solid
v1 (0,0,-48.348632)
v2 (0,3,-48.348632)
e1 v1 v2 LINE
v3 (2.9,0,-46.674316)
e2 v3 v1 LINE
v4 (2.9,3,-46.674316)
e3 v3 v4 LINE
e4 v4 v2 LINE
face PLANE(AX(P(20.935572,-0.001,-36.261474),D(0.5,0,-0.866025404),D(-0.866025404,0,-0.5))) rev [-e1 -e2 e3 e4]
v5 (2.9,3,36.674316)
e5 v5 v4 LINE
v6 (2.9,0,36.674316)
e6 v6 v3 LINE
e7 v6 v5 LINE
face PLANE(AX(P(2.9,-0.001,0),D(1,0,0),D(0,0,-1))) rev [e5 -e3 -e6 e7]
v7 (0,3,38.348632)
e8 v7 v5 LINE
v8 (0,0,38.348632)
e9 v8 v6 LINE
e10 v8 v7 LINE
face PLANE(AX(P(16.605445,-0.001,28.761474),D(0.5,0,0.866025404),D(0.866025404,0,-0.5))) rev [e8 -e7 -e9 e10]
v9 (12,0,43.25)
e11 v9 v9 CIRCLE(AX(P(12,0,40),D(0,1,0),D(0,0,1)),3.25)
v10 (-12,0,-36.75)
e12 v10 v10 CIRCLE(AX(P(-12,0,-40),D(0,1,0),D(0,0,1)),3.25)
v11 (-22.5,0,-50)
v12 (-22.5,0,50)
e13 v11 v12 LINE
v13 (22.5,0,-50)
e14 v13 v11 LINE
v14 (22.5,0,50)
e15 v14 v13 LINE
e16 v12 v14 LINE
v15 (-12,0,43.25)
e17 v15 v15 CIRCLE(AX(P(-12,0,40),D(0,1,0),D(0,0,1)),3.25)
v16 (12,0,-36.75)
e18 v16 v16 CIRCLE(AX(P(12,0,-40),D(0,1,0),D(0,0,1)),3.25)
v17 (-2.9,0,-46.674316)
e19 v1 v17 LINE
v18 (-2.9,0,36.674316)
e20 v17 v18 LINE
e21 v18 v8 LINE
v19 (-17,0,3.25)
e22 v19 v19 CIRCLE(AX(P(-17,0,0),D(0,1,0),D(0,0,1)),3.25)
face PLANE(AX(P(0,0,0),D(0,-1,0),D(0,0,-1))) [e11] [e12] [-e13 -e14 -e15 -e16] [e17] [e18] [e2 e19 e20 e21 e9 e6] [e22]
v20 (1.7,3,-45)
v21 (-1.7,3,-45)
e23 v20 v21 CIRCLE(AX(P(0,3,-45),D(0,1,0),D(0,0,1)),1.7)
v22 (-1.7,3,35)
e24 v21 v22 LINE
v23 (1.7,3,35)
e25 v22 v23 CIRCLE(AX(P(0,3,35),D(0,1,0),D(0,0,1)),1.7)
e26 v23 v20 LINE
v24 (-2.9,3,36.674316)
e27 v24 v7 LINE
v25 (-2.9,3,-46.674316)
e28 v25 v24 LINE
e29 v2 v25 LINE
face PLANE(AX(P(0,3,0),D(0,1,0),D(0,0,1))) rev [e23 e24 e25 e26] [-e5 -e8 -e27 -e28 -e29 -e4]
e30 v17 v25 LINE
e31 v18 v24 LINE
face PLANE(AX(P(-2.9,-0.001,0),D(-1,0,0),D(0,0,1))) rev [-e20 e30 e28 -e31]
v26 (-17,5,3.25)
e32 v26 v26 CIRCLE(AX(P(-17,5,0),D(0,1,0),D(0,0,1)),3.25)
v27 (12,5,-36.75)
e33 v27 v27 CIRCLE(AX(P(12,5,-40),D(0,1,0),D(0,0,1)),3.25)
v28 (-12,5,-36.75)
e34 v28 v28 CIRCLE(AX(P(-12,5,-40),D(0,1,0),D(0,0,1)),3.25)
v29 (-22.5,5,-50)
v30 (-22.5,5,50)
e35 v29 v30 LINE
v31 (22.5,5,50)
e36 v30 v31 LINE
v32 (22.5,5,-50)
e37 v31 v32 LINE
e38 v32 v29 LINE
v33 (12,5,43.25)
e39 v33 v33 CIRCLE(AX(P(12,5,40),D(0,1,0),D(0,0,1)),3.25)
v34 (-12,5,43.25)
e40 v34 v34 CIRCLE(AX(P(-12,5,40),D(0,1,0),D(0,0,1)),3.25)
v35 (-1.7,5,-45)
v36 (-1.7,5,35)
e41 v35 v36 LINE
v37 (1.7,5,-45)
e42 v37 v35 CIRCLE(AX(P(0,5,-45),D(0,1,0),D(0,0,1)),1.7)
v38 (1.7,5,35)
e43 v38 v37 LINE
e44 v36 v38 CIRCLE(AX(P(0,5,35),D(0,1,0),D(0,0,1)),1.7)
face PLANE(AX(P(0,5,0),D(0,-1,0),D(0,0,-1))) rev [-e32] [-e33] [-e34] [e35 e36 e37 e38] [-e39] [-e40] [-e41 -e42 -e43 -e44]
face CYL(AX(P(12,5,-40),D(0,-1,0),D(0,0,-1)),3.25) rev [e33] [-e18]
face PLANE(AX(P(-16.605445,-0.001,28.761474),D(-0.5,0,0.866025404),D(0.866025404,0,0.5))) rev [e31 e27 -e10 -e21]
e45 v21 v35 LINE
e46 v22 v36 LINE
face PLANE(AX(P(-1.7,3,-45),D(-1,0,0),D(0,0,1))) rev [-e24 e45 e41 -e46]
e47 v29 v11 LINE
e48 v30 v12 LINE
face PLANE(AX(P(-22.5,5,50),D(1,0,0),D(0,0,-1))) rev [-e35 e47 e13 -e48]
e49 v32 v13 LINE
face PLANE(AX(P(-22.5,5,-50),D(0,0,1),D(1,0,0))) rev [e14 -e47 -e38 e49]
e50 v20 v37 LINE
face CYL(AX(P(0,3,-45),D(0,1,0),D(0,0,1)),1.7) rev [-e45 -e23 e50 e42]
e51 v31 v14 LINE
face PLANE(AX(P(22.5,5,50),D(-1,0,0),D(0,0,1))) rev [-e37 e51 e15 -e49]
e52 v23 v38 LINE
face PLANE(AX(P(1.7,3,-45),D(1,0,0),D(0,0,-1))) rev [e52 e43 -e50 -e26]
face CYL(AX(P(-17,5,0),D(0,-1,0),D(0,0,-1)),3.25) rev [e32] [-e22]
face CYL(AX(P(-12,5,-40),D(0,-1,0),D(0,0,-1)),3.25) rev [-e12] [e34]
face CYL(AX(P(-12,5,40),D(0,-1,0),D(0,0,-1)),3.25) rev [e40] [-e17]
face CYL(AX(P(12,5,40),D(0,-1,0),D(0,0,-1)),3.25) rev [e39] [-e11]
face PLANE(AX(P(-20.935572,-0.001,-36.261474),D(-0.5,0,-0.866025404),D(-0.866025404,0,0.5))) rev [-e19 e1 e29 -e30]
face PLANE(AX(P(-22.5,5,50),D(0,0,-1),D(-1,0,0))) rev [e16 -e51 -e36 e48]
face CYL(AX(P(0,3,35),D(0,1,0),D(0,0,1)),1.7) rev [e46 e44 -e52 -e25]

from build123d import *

# Parameters (mm, degrees)
SKETCH1_W           = 45
SKETCH1_H           = 100
SKETCH1_R           = 3.25
BOSS_EXTRUDE1_DEPTH = 5
CUT_EXTRUDE1_DEPTH  = 2
CUT_EXTRUDE2_REACH  = 56.911


with BuildPart() as part:
    # Sketch1 → Boss-Extrude1 (new body)
    with BuildSketch(Plane(origin=(0, 0, 0), x_dir=(1, 0, 0), z_dir=(0, 1, 0))):
        Rectangle(SKETCH1_W, SKETCH1_H)
        with Locations(Location((-12, 40, 0), (0, 0, 270))):
            Circle(SKETCH1_R, mode=Mode.SUBTRACT)
        with Locations(Location((12, 40, 0), (0, 0, 270))):
            Circle(SKETCH1_R, mode=Mode.SUBTRACT)
        with Locations(Location((12, -40, 0), (0, 0, 270))):
            Circle(SKETCH1_R, mode=Mode.SUBTRACT)
        with Locations(Location((-12, -40, 0), (0, 0, 270))):
            Circle(SKETCH1_R, mode=Mode.SUBTRACT)
        with Locations(Location((-17, 0, 0), (0, 0, 270))):
            Circle(SKETCH1_R, mode=Mode.SUBTRACT)
    extrude(amount=BOSS_EXTRUDE1_DEPTH)

    # Sketch2 → Cut-Extrude1 (cut)
    with BuildSketch(Plane(origin=(0, 5, 0), x_dir=(1, 0, 0), z_dir=(0, 1, 0))):
        with BuildLine():
            Line((1.7, 45), (1.7, -35))
            ThreePointArc((1.7, -35), (0, -36.7), (-1.7, -35))
            Line((-1.7, -35), (-1.7, 45))
            ThreePointArc((-1.7, 45), (0, 46.7), (1.7, 45))
        make_face()
    extrude(amount=-CUT_EXTRUDE1_DEPTH, mode=Mode.SUBTRACT)

    # Sketch3 → Cut-Extrude2 (cut, up to next)
    with BuildSketch(Plane(origin=(0, 3, 0), x_dir=(1, 0, 0), z_dir=(0, 1, 0)), mode=Mode.PRIVATE) as cut_extrude2_sk1:
        with BuildLine():
            Line((0, 41.651368439), (1.7, 42.632863896))
            Line((1.7, 42.632863896), (1.7, 45))
            ThreePointArc((1.7, 45), (0, 46.7), (-1.7, 45))
            Line((-1.7, 45), (-1.7, 42.632863896))
            Line((-1.7, 42.632863896), (0, 41.651368439))
        make_face()
    cut_extrude2_tool1 = extrude(cut_extrude2_sk1.sketch, amount=-CUT_EXTRUDE2_REACH, mode=Mode.PRIVATE) & part.part
    # Sketch3 → Cut-Extrude2 (cut, up to next)
    with BuildSketch(Plane(origin=(0, 3, 0), x_dir=(1, 0, 0), z_dir=(0, 1, 0)), mode=Mode.PRIVATE) as cut_extrude2_sk2:
        Polygon((1.7, -32.632863896), (1.7, 42.632863896), (0, 41.651368439), (-1.7, 42.632863896), (-1.7, -32.632863896), (0, -31.651368439), align=None)
    cut_extrude2_tool2 = extrude(cut_extrude2_sk2.sketch, amount=-CUT_EXTRUDE2_REACH, mode=Mode.PRIVATE) & part.part
    # Sketch3 → Cut-Extrude2 (cut, up to next)
    with BuildSketch(Plane(origin=(0, 3, 0), x_dir=(1, 0, 0), z_dir=(0, 1, 0)), mode=Mode.PRIVATE) as cut_extrude2_sk3:
        with BuildLine():
            Line((1.7, -35), (1.7, -32.632863896))
            Line((1.7, -32.632863896), (0, -31.651368439))
            Line((0, -31.651368439), (-1.7, -32.632863896))
            Line((-1.7, -32.632863896), (-1.7, -35))
            ThreePointArc((-1.7, -35), (0, -36.7), (1.7, -35))
        make_face()
    cut_extrude2_tool3 = extrude(cut_extrude2_sk3.sketch, amount=-CUT_EXTRUDE2_REACH, mode=Mode.PRIVATE) & part.part
    # Sketch3 → Cut-Extrude2 (cut, up to next)
    with BuildSketch(Plane(origin=(0, 3, 0), x_dir=(1, 0, 0), z_dir=(0, 1, 0)), mode=Mode.PRIVATE) as cut_extrude2_sk4:
        Polygon((-1.7, -32.632863896), (-1.7, 42.632863896), (-2.9, 43.325684219), (-2.9, -33.325684219), align=None)
    cut_extrude2_tool4 = extrude(cut_extrude2_sk4.sketch, amount=-CUT_EXTRUDE2_REACH, mode=Mode.PRIVATE) & part.part
    # Sketch3 → Cut-Extrude2 (cut, up to next)
    with BuildSketch(Plane(origin=(0, 3, 0), x_dir=(1, 0, 0), z_dir=(0, 1, 0)), mode=Mode.PRIVATE) as cut_extrude2_sk5:
        Polygon((2.9, -33.325684219), (2.9, 43.325684219), (1.7, 42.632863896), (1.7, -32.632863896), align=None)
    cut_extrude2_tool5 = extrude(cut_extrude2_sk5.sketch, amount=-CUT_EXTRUDE2_REACH, mode=Mode.PRIVATE) & part.part
    # Sketch3 → Cut-Extrude2 (cut, up to next)
    with BuildSketch(Plane(origin=(0, 3, 0), x_dir=(1, 0, 0), z_dir=(0, 1, 0)), mode=Mode.PRIVATE) as cut_extrude2_sk6:
        with BuildLine():
            Line((1.7, 42.632863896), (2.9, 43.325684219))
            Line((2.9, 43.325684219), (2.9, 46.674315781))
            Line((2.9, 46.674315781), (0, 48.348631561))
            Line((0, 48.348631561), (-2.9, 46.674315781))
            Line((-2.9, 46.674315781), (-2.9, 43.325684219))
            Line((-2.9, 43.325684219), (-1.7, 42.632863896))
            Line((-1.7, 42.632863896), (-1.7, 45))
            ThreePointArc((-1.7, 45), (0, 46.7), (1.7, 45))
            Line((1.7, 45), (1.7, 42.632863896))
        make_face()
    cut_extrude2_tool6 = extrude(cut_extrude2_sk6.sketch, amount=-CUT_EXTRUDE2_REACH, mode=Mode.PRIVATE) & part.part
    # Sketch3 → Cut-Extrude2 (cut, up to next)
    with BuildSketch(Plane(origin=(0, 3, 0), x_dir=(1, 0, 0), z_dir=(0, 1, 0)), mode=Mode.PRIVATE) as cut_extrude2_sk7:
        with BuildLine():
            Line((2.9, -36.674315781), (2.9, -33.325684219))
            Line((2.9, -33.325684219), (1.7, -32.632863896))
            Line((1.7, -32.632863896), (1.7, -35))
            ThreePointArc((1.7, -35), (0, -36.7), (-1.7, -35))
            Line((-1.7, -35), (-1.7, -32.632863896))
            Line((-1.7, -32.632863896), (-2.9, -33.325684219))
            Line((-2.9, -33.325684219), (-2.9, -36.674315781))
            Line((-2.9, -36.674315781), (0, -38.348631561))
            Line((0, -38.348631561), (2.9, -36.674315781))
        make_face()
    cut_extrude2_tool7 = extrude(cut_extrude2_sk7.sketch, amount=-CUT_EXTRUDE2_REACH, mode=Mode.PRIVATE) & part.part
    add(cut_extrude2_tool1.solids().sort_by_distance((0, 3, -44.246241))[0], mode=Mode.SUBTRACT)
    add(cut_extrude2_tool2.solids().sort_by_distance((0, 3, -5))[0], mode=Mode.SUBTRACT)
    add(cut_extrude2_tool3.solids().sort_by_distance((0, 3, 34.246241))[0], mode=Mode.SUBTRACT)
    add(cut_extrude2_tool4.solids().sort_by_distance((-2.301824, 3, -5))[0], mode=Mode.SUBTRACT)
    add(cut_extrude2_tool5.solids().sort_by_distance((2.301824, 3, -5))[0], mode=Mode.SUBTRACT)
    add(cut_extrude2_tool6.solids().sort_by_distance((2.259285, 3, -43.049795))[0], mode=Mode.SUBTRACT)
    add(cut_extrude2_tool7.solids().sort_by_distance((1.409285, 3, 37.440952))[0], mode=Mode.SUBTRACT)


solid = part.part
